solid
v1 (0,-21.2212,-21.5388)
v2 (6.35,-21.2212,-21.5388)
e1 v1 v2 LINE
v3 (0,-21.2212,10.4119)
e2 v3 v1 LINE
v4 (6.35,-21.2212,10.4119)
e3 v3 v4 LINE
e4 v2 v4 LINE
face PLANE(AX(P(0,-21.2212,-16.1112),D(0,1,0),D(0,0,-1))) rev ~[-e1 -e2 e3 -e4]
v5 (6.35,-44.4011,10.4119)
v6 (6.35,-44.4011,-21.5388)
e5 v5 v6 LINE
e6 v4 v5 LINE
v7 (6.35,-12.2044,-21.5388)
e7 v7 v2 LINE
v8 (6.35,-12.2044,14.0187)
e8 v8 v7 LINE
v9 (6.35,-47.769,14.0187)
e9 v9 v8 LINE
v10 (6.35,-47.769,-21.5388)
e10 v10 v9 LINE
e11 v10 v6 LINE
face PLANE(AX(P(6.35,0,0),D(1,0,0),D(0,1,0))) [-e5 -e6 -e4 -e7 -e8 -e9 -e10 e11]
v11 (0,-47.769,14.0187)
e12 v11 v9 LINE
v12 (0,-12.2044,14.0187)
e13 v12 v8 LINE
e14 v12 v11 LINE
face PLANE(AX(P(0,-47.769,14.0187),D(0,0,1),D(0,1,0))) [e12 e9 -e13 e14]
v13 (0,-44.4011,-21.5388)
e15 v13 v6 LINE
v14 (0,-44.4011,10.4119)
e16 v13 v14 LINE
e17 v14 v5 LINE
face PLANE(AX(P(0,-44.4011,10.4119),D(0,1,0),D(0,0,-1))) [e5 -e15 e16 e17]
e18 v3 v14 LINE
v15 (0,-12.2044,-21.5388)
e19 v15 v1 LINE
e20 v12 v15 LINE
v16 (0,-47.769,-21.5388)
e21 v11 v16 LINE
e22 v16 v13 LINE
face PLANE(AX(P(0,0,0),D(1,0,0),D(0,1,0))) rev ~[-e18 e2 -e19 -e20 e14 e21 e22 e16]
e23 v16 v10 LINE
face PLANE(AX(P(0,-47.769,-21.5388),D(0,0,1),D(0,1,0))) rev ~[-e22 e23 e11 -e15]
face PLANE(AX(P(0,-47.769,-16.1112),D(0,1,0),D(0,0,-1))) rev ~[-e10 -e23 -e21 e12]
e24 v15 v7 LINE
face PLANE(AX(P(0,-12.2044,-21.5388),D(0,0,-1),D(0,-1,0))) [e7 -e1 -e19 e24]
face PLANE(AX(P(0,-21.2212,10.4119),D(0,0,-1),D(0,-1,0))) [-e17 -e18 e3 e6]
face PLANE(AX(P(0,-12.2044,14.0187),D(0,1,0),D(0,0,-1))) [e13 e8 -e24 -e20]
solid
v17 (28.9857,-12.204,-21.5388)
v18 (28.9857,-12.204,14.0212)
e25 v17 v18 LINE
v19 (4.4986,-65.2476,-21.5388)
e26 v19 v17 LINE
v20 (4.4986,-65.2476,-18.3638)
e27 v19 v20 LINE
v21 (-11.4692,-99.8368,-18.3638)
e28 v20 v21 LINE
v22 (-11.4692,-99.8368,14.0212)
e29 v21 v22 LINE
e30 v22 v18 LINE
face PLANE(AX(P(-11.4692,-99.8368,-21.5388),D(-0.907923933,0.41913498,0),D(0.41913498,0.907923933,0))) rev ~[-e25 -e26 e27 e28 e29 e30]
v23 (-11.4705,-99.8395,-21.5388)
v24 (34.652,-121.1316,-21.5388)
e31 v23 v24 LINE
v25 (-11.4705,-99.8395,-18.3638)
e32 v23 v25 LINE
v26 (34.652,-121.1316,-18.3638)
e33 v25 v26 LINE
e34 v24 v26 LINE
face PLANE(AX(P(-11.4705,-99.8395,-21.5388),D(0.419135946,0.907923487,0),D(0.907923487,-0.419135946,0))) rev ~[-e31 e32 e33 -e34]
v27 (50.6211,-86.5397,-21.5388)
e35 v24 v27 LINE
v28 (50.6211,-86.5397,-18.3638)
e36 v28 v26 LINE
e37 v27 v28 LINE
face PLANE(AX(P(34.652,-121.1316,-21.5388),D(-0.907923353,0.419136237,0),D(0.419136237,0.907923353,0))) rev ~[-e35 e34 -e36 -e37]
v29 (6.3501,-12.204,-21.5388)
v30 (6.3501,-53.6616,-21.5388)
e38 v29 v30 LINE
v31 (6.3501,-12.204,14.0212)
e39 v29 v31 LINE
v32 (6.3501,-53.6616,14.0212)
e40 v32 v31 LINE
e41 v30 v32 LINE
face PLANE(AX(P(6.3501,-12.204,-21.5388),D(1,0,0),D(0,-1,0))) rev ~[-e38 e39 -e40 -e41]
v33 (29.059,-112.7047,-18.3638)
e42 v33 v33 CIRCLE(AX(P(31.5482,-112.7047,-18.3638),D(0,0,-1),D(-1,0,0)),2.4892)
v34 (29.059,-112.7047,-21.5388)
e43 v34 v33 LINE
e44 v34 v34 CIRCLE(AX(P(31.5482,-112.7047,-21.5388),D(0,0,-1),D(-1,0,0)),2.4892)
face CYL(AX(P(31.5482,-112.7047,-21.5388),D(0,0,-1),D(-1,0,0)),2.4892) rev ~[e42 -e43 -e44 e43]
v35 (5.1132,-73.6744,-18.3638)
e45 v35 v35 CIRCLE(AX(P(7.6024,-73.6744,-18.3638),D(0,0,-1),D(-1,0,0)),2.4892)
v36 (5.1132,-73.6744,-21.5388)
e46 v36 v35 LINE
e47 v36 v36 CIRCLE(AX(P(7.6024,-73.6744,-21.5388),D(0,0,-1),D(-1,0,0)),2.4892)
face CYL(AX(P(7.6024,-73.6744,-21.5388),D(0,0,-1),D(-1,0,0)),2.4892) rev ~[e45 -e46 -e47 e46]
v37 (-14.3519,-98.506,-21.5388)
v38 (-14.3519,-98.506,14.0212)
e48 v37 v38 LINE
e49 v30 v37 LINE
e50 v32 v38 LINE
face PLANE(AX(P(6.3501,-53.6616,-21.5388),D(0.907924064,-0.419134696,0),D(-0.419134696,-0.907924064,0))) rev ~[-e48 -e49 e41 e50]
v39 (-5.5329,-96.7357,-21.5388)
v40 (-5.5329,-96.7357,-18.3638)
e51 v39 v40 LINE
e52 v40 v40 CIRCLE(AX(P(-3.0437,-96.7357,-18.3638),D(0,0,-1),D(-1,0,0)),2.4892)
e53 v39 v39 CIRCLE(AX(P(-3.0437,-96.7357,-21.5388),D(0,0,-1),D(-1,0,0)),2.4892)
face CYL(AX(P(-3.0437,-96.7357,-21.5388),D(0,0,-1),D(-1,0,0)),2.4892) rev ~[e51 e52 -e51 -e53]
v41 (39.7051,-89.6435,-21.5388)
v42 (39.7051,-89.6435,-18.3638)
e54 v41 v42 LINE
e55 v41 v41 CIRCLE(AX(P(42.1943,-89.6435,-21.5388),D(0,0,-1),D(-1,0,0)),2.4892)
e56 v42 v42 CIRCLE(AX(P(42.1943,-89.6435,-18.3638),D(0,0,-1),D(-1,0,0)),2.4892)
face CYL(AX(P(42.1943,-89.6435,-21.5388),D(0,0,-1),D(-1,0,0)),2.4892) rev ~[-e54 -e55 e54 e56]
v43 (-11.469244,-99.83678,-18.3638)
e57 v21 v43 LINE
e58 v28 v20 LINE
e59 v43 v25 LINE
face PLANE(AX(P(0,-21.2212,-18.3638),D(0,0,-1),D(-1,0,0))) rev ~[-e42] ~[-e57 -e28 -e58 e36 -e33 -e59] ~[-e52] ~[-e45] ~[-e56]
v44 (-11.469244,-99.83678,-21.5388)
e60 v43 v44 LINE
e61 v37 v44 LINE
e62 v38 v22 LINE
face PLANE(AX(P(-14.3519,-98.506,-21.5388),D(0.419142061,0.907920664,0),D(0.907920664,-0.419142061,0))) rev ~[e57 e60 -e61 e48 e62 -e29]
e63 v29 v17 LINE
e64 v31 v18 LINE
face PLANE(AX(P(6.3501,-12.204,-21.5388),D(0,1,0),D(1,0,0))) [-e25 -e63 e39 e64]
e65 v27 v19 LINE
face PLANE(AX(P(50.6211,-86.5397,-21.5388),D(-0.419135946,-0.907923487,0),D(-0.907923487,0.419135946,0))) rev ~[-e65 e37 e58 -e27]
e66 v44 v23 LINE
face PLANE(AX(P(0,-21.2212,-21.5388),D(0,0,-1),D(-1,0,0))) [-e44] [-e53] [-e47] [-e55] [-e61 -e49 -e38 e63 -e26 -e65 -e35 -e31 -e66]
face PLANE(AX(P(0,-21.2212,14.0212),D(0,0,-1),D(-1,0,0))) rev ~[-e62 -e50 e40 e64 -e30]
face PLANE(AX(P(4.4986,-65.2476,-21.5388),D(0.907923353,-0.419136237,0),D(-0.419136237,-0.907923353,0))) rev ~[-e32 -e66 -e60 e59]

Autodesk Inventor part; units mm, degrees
ref_plane "YZ Plane" through (0, 0, 0) normal (1, 0, 0) x (0, 1, 0)
ref_plane "XZ Plane" through (0, 0, 0) normal (0, 1, 0) x (-1, 0, 0)
ref_plane "XY Plane" through (0, 0, 0) normal (0, 0, 1) x (1, 0, 0)
sketch "Sketch1" plane through (0, 0, 0) normal (1, 0, 0) x (0, 1, 0)
  line L0 (-12.2044, 14.0187) -> (-12.2044, -21.5388)
  line L1 (-12.2044, -21.5388) -> (-21.2212, -21.5388)
  line L2 (-21.2212, -16.1112) -> (-21.2212, 10.4119)
  line L3 (-21.2212, 14.0187) -> (-12.2044, 14.0187)
  line L4 (-47.769, -16.1112) -> (-47.769, -21.5388)
  line L5 (-47.769, -21.5388) -> (-44.4011, -21.5388)
  line L6 (-47.769, -16.1112) -> (-47.769, 14.0187)
  line L7 (-47.769, 14.0187) -> (-44.4011, 14.0187)
  line L8 (-44.4011, 10.4119) -> (-44.4011, -16.1112)
  line L9 (-21.2212, -16.1112) -> (-21.2212, -21.5388)
  line L10 (-44.4011, -16.1112) -> (-44.4011, -21.5388)
  line L11 (-21.2212, 10.4119) -> (-44.4011, 10.4119)
  line L12 (-44.4011, 14.0187) -> (-21.2212, 14.0187)
extrude "Extrusion1" add sketch "Sketch1" along normal blind 6.35
sketch "Sketch3" plane through (0, -21.2212, -21.5388) normal (0, 0, -1) x (-1, 0, 0)
  line L0 (-6.3501, 9.0172) -> (-6.3501, -26.5428)
  line L1 (-6.3501, -26.5428) -> (-6.3501, -32.4404)
  line L2 (-6.3501, -32.4404) -> (14.3519, -77.2848)
  line L3 (-6.3501, -32.4404) -> (43.0421, -32.4404) construction
  line L4 (-6.3501, 9.0172) -> (-28.9857, 9.0172)
  line L5 (14.3519, -77.2848) -> (11.4692, -78.6156)
  line L6 (11.4692, -78.6156) -> (-28.9857, 9.0172)
  dimension "d29" = 96.52
  dimension "d30" = 22.6355
  dimension "d31" = 35.56
extrude "Extrusion2" add sketch "Sketch3" against normal blind 35.56
sketch "Sketch4" plane through (0, -21.2212, -21.5388) normal (0, 0, -1) x (-1, 0, 0)
  line L0 (11.4705, -78.6183) -> (-34.652, -99.9104)
  line L1 (11.4705, -78.6183) -> (62.2705, -78.6183) construction
  line L2 (-34.652, -99.9104) -> (-50.6211, -65.3185)
  line L3 (-50.6211, -65.3185) -> (-4.4986, -44.0264)
  line L4 (-4.4986, -44.0264) -> (11.4705, -78.6183)
  line L5 (-50.6211, -65.3185) -> (-47.3708, -72.3592)
  circle A0 centre (-42.1943, -68.4223) radius 2.4892
  circle A1 centre (-7.6024, -52.4532) radius 2.4892
  circle A2 centre (3.0437, -75.5145) radius 2.4892
  circle A3 centre (-31.5482, -91.4835) radius 2.4892
  dimension "d15" = 50.8
  dimension "d16" = 155.22
  dimension "d17" = 38.1
  dimension "d25" = 4.9784
  dimension "d26" = 4.9784
  dimension "d27" = 4.9784
  dimension "d28" = 4.9784
  dimension "d32" = 6.35
  dimension "d34" = 6.35
  dimension "d35" = 6.35
  dimension "d37" = 6.35
  dimension "d38" = 6.35
  dimension "d40" = 6.35
  dimension "d42" = 6.35
  dimension "d44" = 6.35
extrude "Extrusion3" add sketch "Sketch4" against normal blind 3.175
properties part number "back mount"
